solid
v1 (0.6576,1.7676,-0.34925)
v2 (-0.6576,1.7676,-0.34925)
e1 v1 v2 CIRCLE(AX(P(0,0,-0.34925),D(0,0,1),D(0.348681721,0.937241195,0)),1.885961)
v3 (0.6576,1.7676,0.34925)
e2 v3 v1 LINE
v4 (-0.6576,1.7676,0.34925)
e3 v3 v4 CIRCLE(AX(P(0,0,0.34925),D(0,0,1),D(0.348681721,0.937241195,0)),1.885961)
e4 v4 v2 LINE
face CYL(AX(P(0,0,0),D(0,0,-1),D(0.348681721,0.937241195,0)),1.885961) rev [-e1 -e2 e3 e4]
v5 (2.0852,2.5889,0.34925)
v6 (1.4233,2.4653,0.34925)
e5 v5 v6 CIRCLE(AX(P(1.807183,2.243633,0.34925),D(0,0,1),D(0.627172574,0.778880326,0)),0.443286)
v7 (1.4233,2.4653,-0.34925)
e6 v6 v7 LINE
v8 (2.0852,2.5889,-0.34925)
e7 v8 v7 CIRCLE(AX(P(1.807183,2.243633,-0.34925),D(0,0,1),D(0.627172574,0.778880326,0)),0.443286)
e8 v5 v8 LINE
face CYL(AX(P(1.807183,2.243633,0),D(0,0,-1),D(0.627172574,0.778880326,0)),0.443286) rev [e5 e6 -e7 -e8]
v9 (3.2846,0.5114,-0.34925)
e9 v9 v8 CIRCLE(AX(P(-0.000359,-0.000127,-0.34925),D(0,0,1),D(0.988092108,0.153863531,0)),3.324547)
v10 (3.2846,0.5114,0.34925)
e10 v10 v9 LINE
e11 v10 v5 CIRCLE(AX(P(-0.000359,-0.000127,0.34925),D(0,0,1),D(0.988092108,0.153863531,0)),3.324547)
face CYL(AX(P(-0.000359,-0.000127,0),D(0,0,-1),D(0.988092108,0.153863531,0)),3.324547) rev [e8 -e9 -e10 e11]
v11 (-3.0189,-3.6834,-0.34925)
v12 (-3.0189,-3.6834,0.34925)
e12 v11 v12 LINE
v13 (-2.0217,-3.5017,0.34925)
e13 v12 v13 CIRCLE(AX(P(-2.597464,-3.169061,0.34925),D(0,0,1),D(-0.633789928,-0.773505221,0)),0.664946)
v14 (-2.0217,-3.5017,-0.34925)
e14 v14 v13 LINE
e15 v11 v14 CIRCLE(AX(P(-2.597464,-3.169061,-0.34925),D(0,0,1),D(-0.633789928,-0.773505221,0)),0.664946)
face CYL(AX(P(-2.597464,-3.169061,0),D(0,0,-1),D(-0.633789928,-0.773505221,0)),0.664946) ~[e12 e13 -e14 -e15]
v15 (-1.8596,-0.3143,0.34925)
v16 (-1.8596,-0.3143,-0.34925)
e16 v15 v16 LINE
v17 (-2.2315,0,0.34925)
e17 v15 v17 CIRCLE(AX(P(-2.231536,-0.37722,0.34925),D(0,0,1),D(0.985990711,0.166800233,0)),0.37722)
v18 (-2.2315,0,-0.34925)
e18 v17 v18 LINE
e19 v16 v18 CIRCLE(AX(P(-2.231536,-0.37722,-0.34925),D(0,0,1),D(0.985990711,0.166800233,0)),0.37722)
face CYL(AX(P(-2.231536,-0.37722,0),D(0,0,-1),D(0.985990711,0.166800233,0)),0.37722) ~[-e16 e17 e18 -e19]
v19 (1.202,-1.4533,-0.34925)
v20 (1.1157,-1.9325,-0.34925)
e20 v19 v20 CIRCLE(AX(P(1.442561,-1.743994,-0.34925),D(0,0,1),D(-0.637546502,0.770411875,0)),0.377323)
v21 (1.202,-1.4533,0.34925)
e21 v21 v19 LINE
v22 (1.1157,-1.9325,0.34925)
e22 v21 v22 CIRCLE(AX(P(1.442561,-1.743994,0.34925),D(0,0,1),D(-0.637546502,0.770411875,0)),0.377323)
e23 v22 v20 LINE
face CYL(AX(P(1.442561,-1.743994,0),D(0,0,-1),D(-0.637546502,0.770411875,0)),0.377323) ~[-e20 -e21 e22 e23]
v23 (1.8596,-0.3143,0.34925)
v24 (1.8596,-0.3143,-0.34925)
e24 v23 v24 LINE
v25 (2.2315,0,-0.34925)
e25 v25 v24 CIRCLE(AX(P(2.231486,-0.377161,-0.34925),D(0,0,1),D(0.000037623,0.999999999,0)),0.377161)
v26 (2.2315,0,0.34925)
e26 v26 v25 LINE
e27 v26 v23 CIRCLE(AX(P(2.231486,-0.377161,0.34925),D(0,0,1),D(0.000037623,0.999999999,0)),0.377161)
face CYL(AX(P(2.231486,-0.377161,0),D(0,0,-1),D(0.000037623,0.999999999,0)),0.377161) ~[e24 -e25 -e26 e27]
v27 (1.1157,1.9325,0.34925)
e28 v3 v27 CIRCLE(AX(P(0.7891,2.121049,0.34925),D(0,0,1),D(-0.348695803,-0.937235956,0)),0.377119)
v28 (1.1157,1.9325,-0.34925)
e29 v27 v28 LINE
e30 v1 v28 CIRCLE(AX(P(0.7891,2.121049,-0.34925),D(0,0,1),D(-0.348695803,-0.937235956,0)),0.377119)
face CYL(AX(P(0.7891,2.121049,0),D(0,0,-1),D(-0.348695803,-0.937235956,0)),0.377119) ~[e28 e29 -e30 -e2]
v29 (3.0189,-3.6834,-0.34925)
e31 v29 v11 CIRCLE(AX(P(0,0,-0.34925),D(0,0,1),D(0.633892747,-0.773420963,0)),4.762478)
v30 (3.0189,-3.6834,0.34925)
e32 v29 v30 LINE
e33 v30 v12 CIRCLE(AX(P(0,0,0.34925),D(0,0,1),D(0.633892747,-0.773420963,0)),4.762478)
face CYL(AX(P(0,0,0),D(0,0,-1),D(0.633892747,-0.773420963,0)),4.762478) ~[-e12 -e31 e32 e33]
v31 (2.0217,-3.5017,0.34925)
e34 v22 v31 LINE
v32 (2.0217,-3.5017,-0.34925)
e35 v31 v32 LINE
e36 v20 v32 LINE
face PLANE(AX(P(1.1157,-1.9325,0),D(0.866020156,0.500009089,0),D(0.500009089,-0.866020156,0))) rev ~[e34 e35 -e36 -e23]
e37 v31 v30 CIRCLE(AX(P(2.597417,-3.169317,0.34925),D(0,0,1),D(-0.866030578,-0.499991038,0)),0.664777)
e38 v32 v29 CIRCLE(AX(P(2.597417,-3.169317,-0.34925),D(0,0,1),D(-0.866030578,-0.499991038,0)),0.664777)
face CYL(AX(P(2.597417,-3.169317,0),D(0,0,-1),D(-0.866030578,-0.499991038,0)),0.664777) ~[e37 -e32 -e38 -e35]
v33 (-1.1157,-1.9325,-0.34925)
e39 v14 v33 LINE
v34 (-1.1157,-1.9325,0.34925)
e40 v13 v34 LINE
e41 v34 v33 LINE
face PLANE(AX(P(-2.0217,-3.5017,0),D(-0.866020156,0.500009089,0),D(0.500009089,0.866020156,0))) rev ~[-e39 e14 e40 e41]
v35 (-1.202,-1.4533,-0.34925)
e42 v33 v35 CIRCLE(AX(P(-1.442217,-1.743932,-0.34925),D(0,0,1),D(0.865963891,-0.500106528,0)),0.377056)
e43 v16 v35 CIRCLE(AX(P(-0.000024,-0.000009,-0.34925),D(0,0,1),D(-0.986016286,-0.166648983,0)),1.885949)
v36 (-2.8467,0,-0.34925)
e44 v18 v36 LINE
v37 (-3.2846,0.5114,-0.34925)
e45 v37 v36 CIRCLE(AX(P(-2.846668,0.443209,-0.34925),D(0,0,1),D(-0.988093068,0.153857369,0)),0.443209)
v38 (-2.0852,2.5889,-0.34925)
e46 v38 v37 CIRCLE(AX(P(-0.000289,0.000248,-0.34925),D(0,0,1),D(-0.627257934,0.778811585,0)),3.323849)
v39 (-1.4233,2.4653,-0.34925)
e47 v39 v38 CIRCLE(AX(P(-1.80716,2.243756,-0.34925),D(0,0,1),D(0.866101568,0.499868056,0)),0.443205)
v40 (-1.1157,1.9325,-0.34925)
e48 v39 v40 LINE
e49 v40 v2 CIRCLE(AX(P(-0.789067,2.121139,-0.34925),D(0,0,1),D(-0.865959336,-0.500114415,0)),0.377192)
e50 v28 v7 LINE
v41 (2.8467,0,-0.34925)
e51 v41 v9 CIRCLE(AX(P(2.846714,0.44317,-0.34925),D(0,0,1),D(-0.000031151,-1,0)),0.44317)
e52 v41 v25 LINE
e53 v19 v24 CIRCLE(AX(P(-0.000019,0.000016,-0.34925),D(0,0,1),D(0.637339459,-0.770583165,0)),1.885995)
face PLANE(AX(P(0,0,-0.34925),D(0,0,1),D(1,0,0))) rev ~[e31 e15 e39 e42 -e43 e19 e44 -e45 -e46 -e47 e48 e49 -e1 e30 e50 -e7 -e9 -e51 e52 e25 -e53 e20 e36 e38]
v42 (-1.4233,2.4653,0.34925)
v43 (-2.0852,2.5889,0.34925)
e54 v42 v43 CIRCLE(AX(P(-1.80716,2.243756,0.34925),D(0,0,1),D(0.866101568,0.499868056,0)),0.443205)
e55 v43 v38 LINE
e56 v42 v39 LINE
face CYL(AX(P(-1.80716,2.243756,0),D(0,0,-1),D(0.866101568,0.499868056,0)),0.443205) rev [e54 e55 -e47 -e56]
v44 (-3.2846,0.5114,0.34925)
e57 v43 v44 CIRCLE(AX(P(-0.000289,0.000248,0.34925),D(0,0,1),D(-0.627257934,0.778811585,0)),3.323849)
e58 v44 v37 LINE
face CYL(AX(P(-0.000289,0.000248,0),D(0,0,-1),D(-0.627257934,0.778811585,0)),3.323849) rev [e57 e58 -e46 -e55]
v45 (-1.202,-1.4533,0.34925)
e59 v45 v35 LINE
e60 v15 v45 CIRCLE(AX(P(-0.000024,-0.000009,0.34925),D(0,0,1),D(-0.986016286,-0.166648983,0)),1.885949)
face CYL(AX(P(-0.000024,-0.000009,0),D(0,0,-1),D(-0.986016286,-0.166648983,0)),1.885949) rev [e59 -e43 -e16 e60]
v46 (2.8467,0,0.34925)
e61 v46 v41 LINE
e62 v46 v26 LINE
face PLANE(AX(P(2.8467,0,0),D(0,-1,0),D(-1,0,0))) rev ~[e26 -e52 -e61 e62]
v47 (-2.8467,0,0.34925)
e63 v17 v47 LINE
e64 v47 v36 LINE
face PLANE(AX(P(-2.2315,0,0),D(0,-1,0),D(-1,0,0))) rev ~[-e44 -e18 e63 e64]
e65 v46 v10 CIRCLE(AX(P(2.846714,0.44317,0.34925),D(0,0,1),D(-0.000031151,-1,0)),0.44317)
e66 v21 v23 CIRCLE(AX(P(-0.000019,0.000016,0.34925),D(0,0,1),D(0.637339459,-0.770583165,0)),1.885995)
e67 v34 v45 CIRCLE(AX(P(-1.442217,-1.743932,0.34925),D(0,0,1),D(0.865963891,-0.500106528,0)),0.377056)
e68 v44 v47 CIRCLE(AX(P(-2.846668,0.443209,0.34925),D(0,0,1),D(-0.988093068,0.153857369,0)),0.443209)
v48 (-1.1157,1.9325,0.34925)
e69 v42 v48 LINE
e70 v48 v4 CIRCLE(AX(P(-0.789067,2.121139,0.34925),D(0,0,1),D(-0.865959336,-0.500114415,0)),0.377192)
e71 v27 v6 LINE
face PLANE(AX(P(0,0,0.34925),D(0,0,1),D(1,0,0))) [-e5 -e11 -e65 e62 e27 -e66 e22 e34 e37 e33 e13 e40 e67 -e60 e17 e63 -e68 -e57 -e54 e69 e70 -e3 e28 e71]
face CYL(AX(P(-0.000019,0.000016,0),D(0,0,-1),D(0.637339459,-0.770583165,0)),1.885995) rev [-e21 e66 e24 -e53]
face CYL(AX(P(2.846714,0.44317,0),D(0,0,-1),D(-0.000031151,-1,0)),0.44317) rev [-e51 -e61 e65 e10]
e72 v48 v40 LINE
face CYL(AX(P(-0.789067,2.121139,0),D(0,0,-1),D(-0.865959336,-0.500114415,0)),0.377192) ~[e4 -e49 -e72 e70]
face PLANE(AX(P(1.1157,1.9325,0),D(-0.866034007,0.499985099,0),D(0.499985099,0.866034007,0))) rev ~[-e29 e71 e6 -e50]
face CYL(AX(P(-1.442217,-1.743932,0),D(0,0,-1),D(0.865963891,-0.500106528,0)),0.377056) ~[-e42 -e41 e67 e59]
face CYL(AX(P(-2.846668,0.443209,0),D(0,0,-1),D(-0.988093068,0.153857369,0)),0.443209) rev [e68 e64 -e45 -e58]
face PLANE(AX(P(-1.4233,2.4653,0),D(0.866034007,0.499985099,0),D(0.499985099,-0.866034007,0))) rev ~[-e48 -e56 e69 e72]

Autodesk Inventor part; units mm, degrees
sketch "Sketch_1" plane through (0, 0, 0) normal (0, 0, 1) x (1, 0, 0)
  arc A0 (3.0189, -3.6834) -> (-3.0189, -3.6834) centre (0, 0) ccw
  arc A1 (-3.0189, -3.6834) -> (-2.0217, -3.5017) centre (-2.5975, -3.1692) ccw
  line L0 (-2.0217, -3.5017) -> (-1.1157, -1.9325)
  arc A2 (-1.1157, -1.9325) -> (-1.202, -1.4533) centre (-1.4424, -1.7439) ccw
  arc A3 (-1.8596, -0.3143) -> (-1.202, -1.4533) centre (0, 0) ccw
  arc A4 (-1.8596, -0.3143) -> (-2.2315, 0) centre (-2.2315, -0.3772) ccw
  line L1 (-2.2315, 0) -> (-2.8467, 0)
  arc A5 (-3.2846, 0.5114) -> (-2.8467, 0) centre (-2.8467, 0.4432) ccw
  arc A6 (-2.0852, 2.5889) -> (-3.2846, 0.5114) centre (0, 0) ccw
  arc A7 (-1.4233, 2.4653) -> (-2.0852, 2.5889) centre (-1.8072, 2.2437) ccw
  line L2 (-1.4233, 2.4653) -> (-1.1157, 1.9325)
  arc A8 (-1.1157, 1.9325) -> (-0.6576, 1.7676) centre (-0.7891, 2.1211) ccw
  arc A9 (0.6576, 1.7676) -> (-0.6576, 1.7676) centre (0, 0) ccw
  arc A10 (0.6576, 1.7676) -> (1.1157, 1.9325) centre (0.7891, 2.1211) ccw
  line L3 (1.1157, 1.9325) -> (1.4233, 2.4653)
  arc A11 (2.0852, 2.5889) -> (1.4233, 2.4653) centre (1.8072, 2.2437) ccw
  arc A12 (3.2846, 0.5114) -> (2.0852, 2.5889) centre (0, 0) ccw
  arc A13 (2.8467, 0) -> (3.2846, 0.5114) centre (2.8467, 0.4432) ccw
  line L4 (2.8467, 0) -> (2.2315, 0)
  arc A14 (2.2315, 0) -> (1.8596, -0.3143) centre (2.2315, -0.3772) ccw
  arc A15 (1.202, -1.4533) -> (1.8596, -0.3143) centre (0, 0) ccw
  arc A16 (1.202, -1.4533) -> (1.1157, -1.9325) centre (1.4424, -1.7439) ccw
  line L5 (1.1157, -1.9325) -> (2.0217, -3.5017)
  arc A17 (2.0217, -3.5017) -> (3.0189, -3.6834) centre (2.5975, -3.1692) ccw
extrude "Extrusion1" add sketch "Sketch_1" along normal mid plane 0.6985
ref_plane "RR_XY" through (0, 0, 0) normal (0, 0, 1) x (1, 0, 0)
ref_plane "RR_YZ" through (0, 0, 0) normal (1, 0, 0) x (0, 1, 0)
ref_plane "RR_ZX" through (0, 0, 0) normal (0, 1, 0) x (0, 0, 1)
properties part number "D-5406"
